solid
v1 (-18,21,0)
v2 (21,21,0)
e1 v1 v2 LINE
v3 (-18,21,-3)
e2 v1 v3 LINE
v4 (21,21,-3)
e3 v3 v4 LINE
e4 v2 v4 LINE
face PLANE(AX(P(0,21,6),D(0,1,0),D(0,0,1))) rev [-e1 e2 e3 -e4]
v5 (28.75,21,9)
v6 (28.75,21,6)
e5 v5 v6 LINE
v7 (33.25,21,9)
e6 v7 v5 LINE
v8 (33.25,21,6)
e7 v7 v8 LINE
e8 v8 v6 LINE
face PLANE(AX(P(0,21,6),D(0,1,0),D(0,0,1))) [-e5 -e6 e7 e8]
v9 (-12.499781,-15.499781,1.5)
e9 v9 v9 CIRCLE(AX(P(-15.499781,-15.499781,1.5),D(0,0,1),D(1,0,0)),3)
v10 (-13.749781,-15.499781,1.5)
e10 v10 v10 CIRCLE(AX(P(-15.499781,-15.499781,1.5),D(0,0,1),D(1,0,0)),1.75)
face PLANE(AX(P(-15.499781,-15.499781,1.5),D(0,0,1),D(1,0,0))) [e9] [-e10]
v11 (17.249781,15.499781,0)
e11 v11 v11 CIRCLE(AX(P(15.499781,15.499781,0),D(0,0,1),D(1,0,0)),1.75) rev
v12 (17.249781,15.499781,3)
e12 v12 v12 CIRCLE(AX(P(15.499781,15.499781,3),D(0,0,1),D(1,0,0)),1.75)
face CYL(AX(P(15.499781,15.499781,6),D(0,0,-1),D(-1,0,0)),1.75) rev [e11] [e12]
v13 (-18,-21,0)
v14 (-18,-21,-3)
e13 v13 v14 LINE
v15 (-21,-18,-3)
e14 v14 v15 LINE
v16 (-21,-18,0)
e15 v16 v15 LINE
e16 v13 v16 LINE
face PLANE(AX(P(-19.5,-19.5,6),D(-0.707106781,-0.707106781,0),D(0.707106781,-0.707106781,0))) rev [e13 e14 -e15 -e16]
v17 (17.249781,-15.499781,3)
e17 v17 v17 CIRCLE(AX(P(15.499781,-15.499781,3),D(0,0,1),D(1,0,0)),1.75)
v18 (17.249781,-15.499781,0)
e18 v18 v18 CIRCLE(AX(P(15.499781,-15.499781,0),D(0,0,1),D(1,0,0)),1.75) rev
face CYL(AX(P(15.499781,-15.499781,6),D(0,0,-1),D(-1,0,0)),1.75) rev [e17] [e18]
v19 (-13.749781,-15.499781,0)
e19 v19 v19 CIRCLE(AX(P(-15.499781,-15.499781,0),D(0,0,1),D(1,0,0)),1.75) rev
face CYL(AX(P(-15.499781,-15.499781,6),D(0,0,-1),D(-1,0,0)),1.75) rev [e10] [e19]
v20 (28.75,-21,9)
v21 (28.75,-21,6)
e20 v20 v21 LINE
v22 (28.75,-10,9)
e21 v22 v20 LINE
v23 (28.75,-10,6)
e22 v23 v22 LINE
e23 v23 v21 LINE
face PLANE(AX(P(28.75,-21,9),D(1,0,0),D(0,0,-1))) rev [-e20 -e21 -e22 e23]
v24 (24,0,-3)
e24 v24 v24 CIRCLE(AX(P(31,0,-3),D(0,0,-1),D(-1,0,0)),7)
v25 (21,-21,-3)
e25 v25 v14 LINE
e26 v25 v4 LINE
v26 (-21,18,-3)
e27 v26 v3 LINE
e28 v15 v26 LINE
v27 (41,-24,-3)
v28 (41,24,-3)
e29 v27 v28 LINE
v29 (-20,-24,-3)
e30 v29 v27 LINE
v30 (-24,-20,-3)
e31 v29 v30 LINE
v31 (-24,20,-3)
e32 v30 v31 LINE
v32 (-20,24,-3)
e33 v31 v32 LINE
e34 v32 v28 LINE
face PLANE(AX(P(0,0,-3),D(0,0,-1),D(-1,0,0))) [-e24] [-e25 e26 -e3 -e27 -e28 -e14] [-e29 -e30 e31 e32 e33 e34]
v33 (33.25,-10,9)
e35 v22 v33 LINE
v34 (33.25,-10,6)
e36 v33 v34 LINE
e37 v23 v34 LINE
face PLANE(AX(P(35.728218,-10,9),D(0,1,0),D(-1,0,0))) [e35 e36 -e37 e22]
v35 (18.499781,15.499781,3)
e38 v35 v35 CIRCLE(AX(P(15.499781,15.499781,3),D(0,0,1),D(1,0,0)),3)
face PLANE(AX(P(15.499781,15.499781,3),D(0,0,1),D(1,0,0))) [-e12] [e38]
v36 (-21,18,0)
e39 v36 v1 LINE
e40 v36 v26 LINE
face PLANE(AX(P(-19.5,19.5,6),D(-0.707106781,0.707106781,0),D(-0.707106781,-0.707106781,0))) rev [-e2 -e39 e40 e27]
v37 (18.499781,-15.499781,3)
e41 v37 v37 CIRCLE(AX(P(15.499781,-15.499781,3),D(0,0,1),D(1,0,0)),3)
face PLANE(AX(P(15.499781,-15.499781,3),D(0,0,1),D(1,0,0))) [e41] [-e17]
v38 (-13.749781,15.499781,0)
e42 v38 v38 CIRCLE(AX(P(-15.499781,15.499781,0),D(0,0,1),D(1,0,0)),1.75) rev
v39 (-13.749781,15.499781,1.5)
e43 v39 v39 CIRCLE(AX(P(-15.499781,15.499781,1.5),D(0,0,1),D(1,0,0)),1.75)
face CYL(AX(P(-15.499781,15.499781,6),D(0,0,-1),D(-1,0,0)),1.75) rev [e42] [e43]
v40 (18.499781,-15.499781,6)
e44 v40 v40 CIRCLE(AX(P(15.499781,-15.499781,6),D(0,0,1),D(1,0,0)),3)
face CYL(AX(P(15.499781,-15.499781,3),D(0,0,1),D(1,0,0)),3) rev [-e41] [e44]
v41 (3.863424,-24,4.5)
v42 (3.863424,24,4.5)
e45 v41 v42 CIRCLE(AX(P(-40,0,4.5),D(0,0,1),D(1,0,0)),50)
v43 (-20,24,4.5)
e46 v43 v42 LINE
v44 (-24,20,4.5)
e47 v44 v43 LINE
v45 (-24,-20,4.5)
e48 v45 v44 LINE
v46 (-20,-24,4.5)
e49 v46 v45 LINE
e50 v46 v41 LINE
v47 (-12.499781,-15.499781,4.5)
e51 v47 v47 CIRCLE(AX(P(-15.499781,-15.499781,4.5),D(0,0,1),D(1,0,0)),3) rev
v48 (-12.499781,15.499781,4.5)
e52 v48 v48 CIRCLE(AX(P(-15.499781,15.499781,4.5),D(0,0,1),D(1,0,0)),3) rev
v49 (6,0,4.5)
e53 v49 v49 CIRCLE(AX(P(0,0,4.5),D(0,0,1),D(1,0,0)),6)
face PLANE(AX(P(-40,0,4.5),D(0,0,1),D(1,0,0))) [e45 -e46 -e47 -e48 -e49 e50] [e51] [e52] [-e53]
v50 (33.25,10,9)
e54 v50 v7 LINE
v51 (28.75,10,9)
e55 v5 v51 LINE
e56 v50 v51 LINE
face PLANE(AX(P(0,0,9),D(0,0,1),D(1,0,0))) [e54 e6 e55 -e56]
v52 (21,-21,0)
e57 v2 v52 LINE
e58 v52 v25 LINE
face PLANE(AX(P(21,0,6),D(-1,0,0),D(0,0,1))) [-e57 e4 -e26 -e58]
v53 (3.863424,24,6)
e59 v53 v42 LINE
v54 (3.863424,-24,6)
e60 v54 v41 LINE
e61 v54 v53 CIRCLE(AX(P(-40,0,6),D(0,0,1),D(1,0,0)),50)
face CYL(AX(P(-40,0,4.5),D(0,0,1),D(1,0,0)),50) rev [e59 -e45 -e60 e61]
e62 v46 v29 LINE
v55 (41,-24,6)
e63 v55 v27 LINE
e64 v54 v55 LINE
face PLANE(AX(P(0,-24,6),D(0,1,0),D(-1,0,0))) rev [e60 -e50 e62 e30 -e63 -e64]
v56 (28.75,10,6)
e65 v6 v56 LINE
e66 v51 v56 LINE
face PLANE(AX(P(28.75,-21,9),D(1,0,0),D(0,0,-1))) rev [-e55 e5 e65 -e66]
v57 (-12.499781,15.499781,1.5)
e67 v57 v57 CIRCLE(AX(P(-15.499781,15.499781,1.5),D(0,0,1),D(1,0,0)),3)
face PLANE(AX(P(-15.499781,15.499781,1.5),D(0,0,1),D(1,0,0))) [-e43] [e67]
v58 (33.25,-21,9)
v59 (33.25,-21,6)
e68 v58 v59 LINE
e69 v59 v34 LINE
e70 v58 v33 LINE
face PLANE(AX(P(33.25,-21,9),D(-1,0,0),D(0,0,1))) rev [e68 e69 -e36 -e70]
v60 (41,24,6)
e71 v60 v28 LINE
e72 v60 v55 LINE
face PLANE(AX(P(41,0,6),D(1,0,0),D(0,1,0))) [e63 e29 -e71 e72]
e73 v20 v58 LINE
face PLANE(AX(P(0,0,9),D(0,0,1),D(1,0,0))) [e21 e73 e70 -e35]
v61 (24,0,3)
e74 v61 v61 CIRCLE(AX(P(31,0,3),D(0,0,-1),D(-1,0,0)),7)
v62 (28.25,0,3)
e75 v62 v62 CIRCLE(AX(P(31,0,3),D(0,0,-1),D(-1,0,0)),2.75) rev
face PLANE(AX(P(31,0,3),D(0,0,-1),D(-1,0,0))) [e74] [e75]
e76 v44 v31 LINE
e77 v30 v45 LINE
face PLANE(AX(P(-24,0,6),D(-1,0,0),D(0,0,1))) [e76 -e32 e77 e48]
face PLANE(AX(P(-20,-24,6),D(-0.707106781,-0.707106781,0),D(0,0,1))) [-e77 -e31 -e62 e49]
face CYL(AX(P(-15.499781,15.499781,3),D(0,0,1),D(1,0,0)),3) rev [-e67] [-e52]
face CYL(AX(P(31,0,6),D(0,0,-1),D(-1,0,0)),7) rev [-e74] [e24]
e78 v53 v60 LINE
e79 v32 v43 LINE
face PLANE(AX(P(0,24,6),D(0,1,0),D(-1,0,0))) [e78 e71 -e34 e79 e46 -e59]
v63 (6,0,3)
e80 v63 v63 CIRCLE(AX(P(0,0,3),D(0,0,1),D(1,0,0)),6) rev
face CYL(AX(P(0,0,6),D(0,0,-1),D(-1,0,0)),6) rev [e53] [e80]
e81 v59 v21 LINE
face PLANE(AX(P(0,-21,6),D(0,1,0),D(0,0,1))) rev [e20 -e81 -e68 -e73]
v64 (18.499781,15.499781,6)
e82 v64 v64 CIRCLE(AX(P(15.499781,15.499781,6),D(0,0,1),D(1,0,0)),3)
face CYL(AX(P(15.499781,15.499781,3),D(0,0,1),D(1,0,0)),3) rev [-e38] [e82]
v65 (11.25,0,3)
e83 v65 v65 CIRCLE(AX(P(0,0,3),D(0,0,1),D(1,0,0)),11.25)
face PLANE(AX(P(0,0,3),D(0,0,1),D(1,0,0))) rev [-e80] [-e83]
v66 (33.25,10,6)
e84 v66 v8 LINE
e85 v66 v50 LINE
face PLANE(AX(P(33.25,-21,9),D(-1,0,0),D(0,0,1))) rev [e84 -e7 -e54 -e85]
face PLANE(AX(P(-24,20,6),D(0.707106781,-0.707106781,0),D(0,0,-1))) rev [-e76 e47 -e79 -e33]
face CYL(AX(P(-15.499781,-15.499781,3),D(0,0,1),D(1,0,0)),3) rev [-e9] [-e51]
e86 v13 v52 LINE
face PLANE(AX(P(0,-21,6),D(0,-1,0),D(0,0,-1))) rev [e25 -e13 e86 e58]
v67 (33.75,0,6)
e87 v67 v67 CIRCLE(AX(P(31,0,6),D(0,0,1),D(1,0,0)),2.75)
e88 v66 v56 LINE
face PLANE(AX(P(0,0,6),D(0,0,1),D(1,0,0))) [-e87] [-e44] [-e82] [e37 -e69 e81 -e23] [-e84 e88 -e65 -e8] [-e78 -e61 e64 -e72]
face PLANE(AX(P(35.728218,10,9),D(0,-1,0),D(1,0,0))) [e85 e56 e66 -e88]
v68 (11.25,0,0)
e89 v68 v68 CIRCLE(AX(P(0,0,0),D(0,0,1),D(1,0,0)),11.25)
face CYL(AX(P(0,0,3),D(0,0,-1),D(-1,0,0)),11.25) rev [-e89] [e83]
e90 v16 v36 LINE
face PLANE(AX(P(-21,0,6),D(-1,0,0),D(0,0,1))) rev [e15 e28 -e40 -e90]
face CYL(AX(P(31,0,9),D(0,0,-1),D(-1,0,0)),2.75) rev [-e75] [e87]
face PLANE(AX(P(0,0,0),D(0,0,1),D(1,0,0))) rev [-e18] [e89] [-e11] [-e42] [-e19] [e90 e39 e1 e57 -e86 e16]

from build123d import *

# Parameters (mm, degrees)
SKETCH1_W                = 20
SKETCH1_H                = 42
SKETCH1_W_2              = 42
BOSS_EXTRUDE1_DEPTH      = 6
SKETCH2_R                = 11.25
CUT_EXTRUDE1_DEPTH       = 3
CUT_EXTRUDE2_DEPTH       = 47.454278597
CUT_EXTRUDE2_DEPTH_BACK  = 47.454278597
SKETCH3_R                = 1.75
SKETCH3_R_2              = 6
CUT_EXTRUDE3_START       = -3
SKETCH4_R                = 3
SKETCH4_R_2              = 1.75
CUT_EXTRUDE3_DEPTH       = 3
SKETCH5_W                = 4.5
SKETCH5_H                = 42
BOSS_EXTRUDE2_DEPTH      = 3
CHAMFER1_SIZE            = 3
CUT_EXTRUDE4_DEPTH       = 47.936126811
CUT_EXTRUDE4_DEPTH_BACK  = 47.936126811
SKETCH6_R                = 2.75
SKETCH7_W                = 9.456435582
SKETCH7_H                = 20
SKETCH7_R                = 2.75
CUT_EXTRUDE5_DEPTH       = 47.454278597
BOSS_EXTRUDE4_DEPTH      = 3
BOSS_EXTRUDE4_DEPTH_BACK = 6
SKETCH8_W                = 20
SKETCH8_H                = 42
SKETCH8_R                = 7
CHAMFER2_SIZE            = 4
SKETCH9_R                = 50
CUT_EXTRUDE7_DEPTH       = 1.5
CUT_EXTRUDE8_START       = -1.5
SKETCH10_R               = 3
CUT_EXTRUDE8_DEPTH       = 1.5
CUT_EXTRUDE9_START       = -3
SKETCH11_R               = 7
CUT_EXTRUDE9_DEPTH       = 3


with BuildPart() as part:
    # Sketch1 → Boss-Extrude1 (new body)
    with BuildSketch(Plane.XY):
        with Locations((31, 0)):
            Rectangle(SKETCH1_W, SKETCH1_H)
        Rectangle(SKETCH1_W_2, SKETCH1_H)
    extrude(amount=BOSS_EXTRUDE1_DEPTH)

    # Sketch2 → Cut-Extrude1 (cut)
    with BuildSketch(Plane.XY):
        Circle(SKETCH2_R)
    extrude(amount=CUT_EXTRUDE1_DEPTH, mode=Mode.SUBTRACT)

    # Sketch3 → Cut-Extrude2 (cut, two sides: drawn at the far end of the back side and taken through both)
    with BuildSketch(Plane.XY.offset(-CUT_EXTRUDE2_DEPTH_BACK)):
        with Locations((-15.499780644, 15.499780644)):
            Circle(SKETCH3_R)
        Circle(SKETCH3_R_2)
        with Locations((15.499780644, 15.499780644)):
            Circle(SKETCH3_R)
        with Locations((15.499780644, -15.499780644)):
            Circle(SKETCH3_R)
        with Locations((-15.499780644, -15.499780644)):
            Circle(SKETCH3_R)
    extrude(amount=CUT_EXTRUDE2_DEPTH + CUT_EXTRUDE2_DEPTH_BACK, mode=Mode.SUBTRACT)

    # Sketch4 → Cut-Extrude3 (cut)
    # profile 1 of 4: a face of its own
    with BuildSketch(Plane.XY.offset(6).offset(CUT_EXTRUDE3_START)):
        with Locations((-15.499780644, -15.499780644)):
            Circle(SKETCH4_R)
        with Locations((-15.499780644, -15.499780644)):
            Circle(SKETCH4_R_2, mode=Mode.SUBTRACT)
    # profile 2 of 4: a face of its own
    with BuildSketch(Plane.XY.offset(6).offset(CUT_EXTRUDE3_START)):
        with Locations((-15.499780644, 15.499780644)):
            Circle(SKETCH4_R)
        with Locations((-15.499780644, 15.499780644)):
            Circle(SKETCH4_R_2, mode=Mode.SUBTRACT)
    # profile 3 of 4: a face of its own
    with BuildSketch(Plane.XY.offset(6).offset(CUT_EXTRUDE3_START)):
        with Locations((15.499780644, 15.499780644)):
            Circle(SKETCH4_R)
        with Locations((15.499780644, 15.499780644)):
            Circle(SKETCH4_R_2, mode=Mode.SUBTRACT)
    # profile 4 of 4: a face of its own
    with BuildSketch(Plane.XY.offset(6).offset(CUT_EXTRUDE3_START)):
        with Locations((15.499780644, -15.499780644)):
            Circle(SKETCH4_R)
        with Locations((15.499780644, -15.499780644)):
            Circle(SKETCH4_R_2, mode=Mode.SUBTRACT)
    extrude(amount=CUT_EXTRUDE3_DEPTH, mode=Mode.SUBTRACT)

    # Sketch5 → Boss-Extrude2 (add)
    with BuildSketch(Plane.XY.offset(6)):
        with Locations((31, 0)):
            Rectangle(SKETCH5_W, SKETCH5_H)
    extrude(amount=BOSS_EXTRUDE2_DEPTH)

    # Chamfer1
    chamfer1_edges = [part.edges().sort_by_distance(p)[0] for p in [
        (-21, -21, 3),
        (-21, 21, 3),
    ]]
    chamfer(chamfer1_edges, length=CHAMFER1_SIZE)

    # Sketch6 → Cut-Extrude4 (cut, two sides: drawn at the far end of the back side and taken through both)
    with BuildSketch(Plane(origin=(0, 0, 0), x_dir=(-1, 0, 0), z_dir=(0, 0, -1)).offset(-CUT_EXTRUDE4_DEPTH_BACK)):
        with Locations(Location((-31, 0, 0), (0, 0, 324.903198772))):
            Circle(SKETCH6_R)
    extrude(amount=CUT_EXTRUDE4_DEPTH + CUT_EXTRUDE4_DEPTH_BACK, mode=Mode.SUBTRACT)

    # Sketch7 → Cut-Extrude5 (cut, through all)
    with BuildSketch(Plane.XY.offset(6)):
        with Locations((31, 0)):
            Rectangle(SKETCH7_W, SKETCH7_H)
        with Locations((31, 0)):
            Circle(SKETCH7_R, mode=Mode.SUBTRACT)
    extrude(amount=CUT_EXTRUDE5_DEPTH, mode=Mode.SUBTRACT)

    # Sketch8 → Boss-Extrude4 (add, two sides: drawn at the far end of the back side and taken through both)
    # profile 1 of 2: a face of its own
    with BuildSketch(Plane(origin=(0, 0, 0), x_dir=(-1, 0, 0), z_dir=(0, 0, -1)).offset(-BOSS_EXTRUDE4_DEPTH_BACK)):
        Polygon((18, -21), (-21, -21), (-41, -21), (-41, -24), (24, -24), (24, 24), (-41, 24), (-41, 21), (-21, 21), (18, 21), (21, 18), (21, -18), align=None)
    # profile 2 of 2: a face of its own
    with BuildSketch(Plane(origin=(0, 0, 0), x_dir=(-1, 0, 0), z_dir=(0, 0, -1)).offset(-BOSS_EXTRUDE4_DEPTH_BACK)):
        with Locations((-31, 0)):
            Rectangle(SKETCH8_W, SKETCH8_H)
        with Locations((-31, 0)):
            Circle(SKETCH8_R, mode=Mode.SUBTRACT)
    extrude(amount=BOSS_EXTRUDE4_DEPTH + BOSS_EXTRUDE4_DEPTH_BACK)

    # Chamfer2
    chamfer2_edges = [part.edges().sort_by_distance(p)[0] for p in [
        (-24, 24, 1.5),
        (-24, -24, 1.5),
    ]]
    chamfer(chamfer2_edges, length=CHAMFER2_SIZE)

    # Sketch9 → Cut-Extrude7 (cut)
    with BuildSketch(Plane.XY.offset(6)):
        with Locations((-40, 0)):
            Circle(SKETCH9_R)
    extrude(amount=-CUT_EXTRUDE7_DEPTH, mode=Mode.SUBTRACT)

    # Sketch10 → Cut-Extrude8 (cut)
    with BuildSketch(Plane.XY.offset(3).offset(CUT_EXTRUDE8_START)):
        with Locations((-15.499780644, 15.499780644)):
            Circle(SKETCH10_R)
        with Locations((-15.499780644, -15.499780644)):
            Circle(SKETCH10_R)
    extrude(amount=CUT_EXTRUDE8_DEPTH, mode=Mode.SUBTRACT)

    # Sketch11 → Cut-Extrude9 (cut)
    with BuildSketch(Plane(origin=(0, 0, 0), x_dir=(-1, 0, 0), z_dir=(0, 0, -1)).offset(CUT_EXTRUDE9_START)):
        with Locations((-31, 0)):
            Circle(SKETCH11_R)
    extrude(amount=CUT_EXTRUDE9_DEPTH, mode=Mode.SUBTRACT)


solid = part.part
